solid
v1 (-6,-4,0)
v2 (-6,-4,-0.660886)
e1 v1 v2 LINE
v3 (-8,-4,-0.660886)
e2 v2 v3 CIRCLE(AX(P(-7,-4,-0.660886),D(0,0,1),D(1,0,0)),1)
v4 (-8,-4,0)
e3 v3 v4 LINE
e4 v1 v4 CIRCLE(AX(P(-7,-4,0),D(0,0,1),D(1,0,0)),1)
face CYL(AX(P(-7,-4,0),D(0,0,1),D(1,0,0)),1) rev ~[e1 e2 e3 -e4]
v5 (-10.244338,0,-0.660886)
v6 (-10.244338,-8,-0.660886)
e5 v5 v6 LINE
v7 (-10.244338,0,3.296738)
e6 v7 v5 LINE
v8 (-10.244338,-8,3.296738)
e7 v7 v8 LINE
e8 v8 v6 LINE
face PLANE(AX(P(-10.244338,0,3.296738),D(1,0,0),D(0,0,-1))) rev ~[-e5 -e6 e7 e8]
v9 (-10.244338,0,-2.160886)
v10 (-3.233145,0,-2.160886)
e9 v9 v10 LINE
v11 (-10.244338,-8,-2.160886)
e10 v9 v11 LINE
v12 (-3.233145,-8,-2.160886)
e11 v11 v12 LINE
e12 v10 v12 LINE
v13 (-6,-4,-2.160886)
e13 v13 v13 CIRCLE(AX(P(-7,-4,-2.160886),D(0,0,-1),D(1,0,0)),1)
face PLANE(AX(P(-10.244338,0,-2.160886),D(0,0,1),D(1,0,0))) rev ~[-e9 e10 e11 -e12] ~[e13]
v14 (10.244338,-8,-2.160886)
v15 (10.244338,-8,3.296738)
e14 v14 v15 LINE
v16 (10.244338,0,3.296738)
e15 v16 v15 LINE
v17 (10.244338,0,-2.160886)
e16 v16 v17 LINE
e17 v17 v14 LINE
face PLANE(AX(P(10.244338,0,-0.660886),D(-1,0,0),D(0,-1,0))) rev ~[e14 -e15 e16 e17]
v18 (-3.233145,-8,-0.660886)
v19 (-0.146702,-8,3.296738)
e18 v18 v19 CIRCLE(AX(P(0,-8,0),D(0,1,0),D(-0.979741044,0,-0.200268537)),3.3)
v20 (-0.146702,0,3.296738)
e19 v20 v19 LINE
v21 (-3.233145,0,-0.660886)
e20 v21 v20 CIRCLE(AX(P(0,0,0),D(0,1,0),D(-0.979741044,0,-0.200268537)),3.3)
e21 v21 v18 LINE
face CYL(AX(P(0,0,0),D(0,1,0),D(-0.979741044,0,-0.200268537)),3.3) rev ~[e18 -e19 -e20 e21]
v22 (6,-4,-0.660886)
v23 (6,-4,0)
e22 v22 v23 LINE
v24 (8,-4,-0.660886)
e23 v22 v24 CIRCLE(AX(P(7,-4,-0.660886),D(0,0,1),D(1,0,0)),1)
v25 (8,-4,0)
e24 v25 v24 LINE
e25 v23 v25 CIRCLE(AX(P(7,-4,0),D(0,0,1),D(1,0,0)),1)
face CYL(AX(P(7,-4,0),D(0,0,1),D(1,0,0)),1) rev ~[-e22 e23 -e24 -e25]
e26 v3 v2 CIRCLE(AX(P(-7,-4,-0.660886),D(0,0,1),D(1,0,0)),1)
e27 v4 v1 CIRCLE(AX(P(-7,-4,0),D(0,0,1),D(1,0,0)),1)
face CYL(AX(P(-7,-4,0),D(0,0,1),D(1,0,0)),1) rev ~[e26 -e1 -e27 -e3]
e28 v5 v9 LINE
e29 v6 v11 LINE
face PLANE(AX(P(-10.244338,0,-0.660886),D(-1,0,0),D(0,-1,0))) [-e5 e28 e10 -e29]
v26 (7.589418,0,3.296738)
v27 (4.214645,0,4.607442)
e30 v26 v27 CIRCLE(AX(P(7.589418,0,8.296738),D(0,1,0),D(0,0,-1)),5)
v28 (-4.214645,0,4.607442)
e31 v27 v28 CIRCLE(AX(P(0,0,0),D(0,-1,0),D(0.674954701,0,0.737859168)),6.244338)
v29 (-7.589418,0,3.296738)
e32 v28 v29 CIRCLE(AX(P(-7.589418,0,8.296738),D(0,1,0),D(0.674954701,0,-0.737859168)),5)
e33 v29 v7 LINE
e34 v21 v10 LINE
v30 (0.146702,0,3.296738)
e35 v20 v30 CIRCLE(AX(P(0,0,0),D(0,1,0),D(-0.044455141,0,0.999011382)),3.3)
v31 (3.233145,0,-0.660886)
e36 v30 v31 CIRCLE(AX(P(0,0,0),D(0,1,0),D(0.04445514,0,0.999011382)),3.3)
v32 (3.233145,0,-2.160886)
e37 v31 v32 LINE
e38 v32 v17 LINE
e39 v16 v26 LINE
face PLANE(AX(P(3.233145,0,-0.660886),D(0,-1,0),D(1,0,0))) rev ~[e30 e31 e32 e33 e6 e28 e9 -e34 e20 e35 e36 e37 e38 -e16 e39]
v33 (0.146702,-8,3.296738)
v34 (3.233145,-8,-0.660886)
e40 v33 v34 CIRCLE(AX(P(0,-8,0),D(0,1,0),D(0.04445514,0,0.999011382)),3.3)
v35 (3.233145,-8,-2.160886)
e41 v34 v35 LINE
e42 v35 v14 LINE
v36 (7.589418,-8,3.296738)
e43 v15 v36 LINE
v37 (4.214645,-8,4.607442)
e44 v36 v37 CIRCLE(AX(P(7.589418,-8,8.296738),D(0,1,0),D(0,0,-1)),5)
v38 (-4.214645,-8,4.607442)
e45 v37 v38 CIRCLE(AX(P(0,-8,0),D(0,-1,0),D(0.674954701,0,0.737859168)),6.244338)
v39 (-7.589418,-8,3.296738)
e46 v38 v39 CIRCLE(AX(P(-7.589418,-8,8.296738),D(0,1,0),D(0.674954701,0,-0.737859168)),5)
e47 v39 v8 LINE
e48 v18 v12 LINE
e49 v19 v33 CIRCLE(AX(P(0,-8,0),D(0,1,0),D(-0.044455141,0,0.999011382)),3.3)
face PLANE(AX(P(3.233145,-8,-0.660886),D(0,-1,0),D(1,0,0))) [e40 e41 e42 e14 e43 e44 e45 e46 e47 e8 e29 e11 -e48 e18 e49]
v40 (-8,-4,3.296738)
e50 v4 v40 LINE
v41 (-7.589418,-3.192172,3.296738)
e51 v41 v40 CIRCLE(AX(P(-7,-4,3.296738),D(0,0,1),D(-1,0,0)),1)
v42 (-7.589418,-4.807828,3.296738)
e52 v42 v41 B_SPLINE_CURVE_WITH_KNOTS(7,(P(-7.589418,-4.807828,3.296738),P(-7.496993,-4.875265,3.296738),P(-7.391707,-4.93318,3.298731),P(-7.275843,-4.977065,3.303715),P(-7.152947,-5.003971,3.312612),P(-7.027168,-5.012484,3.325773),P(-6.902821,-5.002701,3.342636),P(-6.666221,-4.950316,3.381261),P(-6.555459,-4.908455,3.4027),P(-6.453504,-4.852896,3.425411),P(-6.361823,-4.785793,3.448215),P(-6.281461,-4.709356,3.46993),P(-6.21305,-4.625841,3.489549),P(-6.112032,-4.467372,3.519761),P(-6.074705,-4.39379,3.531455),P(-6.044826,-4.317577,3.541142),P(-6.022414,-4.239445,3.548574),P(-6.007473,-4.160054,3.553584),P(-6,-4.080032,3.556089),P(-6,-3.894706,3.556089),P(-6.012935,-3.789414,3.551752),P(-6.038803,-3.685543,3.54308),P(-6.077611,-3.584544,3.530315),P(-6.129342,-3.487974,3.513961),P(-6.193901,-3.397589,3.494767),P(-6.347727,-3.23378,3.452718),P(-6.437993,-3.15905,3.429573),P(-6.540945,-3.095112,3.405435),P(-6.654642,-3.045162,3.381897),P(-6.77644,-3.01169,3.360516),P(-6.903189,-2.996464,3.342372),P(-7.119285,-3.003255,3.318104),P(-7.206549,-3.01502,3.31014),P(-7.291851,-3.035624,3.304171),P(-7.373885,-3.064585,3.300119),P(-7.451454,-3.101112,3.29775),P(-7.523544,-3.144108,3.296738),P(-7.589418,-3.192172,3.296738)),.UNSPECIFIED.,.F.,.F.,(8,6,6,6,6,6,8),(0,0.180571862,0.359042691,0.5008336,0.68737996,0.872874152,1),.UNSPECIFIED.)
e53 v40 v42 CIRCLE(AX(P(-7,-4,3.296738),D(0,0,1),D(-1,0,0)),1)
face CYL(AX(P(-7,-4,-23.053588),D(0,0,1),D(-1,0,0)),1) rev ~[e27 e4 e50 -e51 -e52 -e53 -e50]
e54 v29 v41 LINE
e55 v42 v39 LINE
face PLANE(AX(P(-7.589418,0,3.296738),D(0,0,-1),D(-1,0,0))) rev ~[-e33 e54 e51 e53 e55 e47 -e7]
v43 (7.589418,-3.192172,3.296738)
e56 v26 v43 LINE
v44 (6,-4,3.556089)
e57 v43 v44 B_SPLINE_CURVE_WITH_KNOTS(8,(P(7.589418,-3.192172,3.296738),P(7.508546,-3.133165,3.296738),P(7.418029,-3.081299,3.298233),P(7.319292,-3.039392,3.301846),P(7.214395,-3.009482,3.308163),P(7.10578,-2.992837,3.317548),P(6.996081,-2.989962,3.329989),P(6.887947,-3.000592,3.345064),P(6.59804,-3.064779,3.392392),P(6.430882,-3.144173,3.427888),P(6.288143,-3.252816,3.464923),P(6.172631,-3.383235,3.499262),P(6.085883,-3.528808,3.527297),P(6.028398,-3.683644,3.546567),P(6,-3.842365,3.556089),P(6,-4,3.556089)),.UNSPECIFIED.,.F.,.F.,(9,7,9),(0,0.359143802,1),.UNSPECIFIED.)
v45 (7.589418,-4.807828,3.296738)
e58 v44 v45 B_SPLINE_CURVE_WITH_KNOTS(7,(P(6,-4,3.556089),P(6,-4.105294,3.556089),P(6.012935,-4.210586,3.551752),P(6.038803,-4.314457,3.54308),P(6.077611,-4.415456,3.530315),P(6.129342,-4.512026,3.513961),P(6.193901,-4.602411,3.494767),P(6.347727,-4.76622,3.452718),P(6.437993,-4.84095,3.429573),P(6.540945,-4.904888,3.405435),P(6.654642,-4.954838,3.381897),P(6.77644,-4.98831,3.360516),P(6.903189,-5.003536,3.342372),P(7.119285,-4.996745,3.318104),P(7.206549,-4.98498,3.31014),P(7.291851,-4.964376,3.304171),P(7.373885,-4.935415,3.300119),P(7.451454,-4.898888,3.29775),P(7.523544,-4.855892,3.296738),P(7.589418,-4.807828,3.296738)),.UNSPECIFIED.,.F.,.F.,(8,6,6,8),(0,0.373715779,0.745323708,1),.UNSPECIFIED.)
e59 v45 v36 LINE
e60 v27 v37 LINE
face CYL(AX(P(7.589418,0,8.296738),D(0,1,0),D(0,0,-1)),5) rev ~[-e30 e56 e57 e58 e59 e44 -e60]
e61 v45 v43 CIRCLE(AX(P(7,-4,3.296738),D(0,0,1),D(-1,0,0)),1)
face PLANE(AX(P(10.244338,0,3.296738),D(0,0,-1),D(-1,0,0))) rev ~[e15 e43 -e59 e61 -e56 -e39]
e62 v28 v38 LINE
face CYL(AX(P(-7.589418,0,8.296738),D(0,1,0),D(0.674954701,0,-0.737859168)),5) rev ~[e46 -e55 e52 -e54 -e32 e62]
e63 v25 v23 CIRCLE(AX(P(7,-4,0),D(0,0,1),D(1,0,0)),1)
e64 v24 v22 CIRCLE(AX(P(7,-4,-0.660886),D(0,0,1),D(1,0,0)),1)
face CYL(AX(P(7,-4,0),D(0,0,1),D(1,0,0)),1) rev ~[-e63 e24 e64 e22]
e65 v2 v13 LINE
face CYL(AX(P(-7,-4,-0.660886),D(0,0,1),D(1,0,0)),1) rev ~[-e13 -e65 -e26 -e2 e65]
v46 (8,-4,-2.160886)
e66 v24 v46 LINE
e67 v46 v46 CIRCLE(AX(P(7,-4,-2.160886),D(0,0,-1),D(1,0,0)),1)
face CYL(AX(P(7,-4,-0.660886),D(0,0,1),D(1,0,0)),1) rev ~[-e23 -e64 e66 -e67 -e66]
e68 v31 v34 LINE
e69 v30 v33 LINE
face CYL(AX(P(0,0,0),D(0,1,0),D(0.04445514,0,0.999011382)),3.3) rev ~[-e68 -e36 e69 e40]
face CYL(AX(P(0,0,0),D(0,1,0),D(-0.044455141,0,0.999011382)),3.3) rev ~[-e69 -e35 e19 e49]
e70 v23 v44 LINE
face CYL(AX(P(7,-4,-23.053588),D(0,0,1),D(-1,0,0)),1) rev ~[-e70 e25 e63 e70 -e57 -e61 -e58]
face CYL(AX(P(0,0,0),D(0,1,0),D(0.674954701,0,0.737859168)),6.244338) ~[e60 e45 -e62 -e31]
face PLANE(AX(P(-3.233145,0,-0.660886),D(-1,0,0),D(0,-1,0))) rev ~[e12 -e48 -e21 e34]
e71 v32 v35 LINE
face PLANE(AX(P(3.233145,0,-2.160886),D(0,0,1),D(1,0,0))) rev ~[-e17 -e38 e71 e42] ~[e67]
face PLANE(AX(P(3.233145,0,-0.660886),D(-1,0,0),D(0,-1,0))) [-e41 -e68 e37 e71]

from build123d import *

# Parameters (mm, degrees)
F1_DEPTH = 8
F3_D     = 2
F3_DEPTH = 0.6618861731
F4_D     = 2
F5_DEPTH = 1.5


with BuildPart() as f1:
    # F0 (on Front) → F1 (new body)
    with BuildSketch(Plane.XZ):
        with BuildLine():
            ThreePointArc((0.1467019637, 3.2967375591), (2.6022180015, 2.0293992886), (3.2331454446, -0.6608861731))
            Line((3.2331454446, -0.6608861731), (10.2443375631, -0.6608861731))
            Line((10.2443375631, -0.6608861731), (10.2443375631, 3.2967375591))
            Line((10.2443375631, 3.2967375591), (7.589418496, 3.2967375591))
            ThreePointArc((7.589418496, 3.2967375591), (5.7792360743, 3.6359179316), (4.2146449918, 4.6074417191))
            ThreePointArc((4.2146449918, 4.6074417191), (0, 6.2443375631), (-4.2146449918, 4.6074417191))
            ThreePointArc((-4.2146449918, 4.6074417191), (-5.7792360743, 3.6359179316), (-7.589418496, 3.2967375591))
            Line((-7.589418496, 3.2967375591), (-10.2443375631, 3.2967375591))
            Line((-10.2443375631, 3.2967375591), (-10.2443375631, -0.6608861731))
            Line((-10.2443375631, -0.6608861731), (-3.2331454446, -0.6608861731))
            ThreePointArc((-3.2331454446, -0.6608861731), (-2.6022180015, 2.0293992886), (-0.1467019637, 3.2967375591))
            ThreePointArc((-0.1467019637, 3.2967375591), (0, 3.3), (0.1467019637, 3.2967375591))
        make_face()
    extrude(amount=F1_DEPTH)

    # F3 (through all, one way)
    with BuildSketch(Plane.XY):
        with Locations((-7, -4), (7, -4)):
            Circle(F3_D / 2)
    extrude(amount=-F3_DEPTH, mode=Mode.SUBTRACT)

    # F4 (through all)
    with Locations(Plane(origin=(0, 0, 0), x_dir=(1, 0, 0), z_dir=(0, 0, -1))):
        with Locations((-7, 4), (7, 4)):
            Hole(F4_D / 2)

    # F5 (add): faces of the model
    f5_faces = [f1.faces().sort_by_distance(p)[0] for p in [
        (3.3395206367, -4, -0.6608861731),
        (-10.137962371, -4, -0.6608861731),
    ]]
    extrude(f5_faces, amount=F5_DEPTH)


solid = f1.part
